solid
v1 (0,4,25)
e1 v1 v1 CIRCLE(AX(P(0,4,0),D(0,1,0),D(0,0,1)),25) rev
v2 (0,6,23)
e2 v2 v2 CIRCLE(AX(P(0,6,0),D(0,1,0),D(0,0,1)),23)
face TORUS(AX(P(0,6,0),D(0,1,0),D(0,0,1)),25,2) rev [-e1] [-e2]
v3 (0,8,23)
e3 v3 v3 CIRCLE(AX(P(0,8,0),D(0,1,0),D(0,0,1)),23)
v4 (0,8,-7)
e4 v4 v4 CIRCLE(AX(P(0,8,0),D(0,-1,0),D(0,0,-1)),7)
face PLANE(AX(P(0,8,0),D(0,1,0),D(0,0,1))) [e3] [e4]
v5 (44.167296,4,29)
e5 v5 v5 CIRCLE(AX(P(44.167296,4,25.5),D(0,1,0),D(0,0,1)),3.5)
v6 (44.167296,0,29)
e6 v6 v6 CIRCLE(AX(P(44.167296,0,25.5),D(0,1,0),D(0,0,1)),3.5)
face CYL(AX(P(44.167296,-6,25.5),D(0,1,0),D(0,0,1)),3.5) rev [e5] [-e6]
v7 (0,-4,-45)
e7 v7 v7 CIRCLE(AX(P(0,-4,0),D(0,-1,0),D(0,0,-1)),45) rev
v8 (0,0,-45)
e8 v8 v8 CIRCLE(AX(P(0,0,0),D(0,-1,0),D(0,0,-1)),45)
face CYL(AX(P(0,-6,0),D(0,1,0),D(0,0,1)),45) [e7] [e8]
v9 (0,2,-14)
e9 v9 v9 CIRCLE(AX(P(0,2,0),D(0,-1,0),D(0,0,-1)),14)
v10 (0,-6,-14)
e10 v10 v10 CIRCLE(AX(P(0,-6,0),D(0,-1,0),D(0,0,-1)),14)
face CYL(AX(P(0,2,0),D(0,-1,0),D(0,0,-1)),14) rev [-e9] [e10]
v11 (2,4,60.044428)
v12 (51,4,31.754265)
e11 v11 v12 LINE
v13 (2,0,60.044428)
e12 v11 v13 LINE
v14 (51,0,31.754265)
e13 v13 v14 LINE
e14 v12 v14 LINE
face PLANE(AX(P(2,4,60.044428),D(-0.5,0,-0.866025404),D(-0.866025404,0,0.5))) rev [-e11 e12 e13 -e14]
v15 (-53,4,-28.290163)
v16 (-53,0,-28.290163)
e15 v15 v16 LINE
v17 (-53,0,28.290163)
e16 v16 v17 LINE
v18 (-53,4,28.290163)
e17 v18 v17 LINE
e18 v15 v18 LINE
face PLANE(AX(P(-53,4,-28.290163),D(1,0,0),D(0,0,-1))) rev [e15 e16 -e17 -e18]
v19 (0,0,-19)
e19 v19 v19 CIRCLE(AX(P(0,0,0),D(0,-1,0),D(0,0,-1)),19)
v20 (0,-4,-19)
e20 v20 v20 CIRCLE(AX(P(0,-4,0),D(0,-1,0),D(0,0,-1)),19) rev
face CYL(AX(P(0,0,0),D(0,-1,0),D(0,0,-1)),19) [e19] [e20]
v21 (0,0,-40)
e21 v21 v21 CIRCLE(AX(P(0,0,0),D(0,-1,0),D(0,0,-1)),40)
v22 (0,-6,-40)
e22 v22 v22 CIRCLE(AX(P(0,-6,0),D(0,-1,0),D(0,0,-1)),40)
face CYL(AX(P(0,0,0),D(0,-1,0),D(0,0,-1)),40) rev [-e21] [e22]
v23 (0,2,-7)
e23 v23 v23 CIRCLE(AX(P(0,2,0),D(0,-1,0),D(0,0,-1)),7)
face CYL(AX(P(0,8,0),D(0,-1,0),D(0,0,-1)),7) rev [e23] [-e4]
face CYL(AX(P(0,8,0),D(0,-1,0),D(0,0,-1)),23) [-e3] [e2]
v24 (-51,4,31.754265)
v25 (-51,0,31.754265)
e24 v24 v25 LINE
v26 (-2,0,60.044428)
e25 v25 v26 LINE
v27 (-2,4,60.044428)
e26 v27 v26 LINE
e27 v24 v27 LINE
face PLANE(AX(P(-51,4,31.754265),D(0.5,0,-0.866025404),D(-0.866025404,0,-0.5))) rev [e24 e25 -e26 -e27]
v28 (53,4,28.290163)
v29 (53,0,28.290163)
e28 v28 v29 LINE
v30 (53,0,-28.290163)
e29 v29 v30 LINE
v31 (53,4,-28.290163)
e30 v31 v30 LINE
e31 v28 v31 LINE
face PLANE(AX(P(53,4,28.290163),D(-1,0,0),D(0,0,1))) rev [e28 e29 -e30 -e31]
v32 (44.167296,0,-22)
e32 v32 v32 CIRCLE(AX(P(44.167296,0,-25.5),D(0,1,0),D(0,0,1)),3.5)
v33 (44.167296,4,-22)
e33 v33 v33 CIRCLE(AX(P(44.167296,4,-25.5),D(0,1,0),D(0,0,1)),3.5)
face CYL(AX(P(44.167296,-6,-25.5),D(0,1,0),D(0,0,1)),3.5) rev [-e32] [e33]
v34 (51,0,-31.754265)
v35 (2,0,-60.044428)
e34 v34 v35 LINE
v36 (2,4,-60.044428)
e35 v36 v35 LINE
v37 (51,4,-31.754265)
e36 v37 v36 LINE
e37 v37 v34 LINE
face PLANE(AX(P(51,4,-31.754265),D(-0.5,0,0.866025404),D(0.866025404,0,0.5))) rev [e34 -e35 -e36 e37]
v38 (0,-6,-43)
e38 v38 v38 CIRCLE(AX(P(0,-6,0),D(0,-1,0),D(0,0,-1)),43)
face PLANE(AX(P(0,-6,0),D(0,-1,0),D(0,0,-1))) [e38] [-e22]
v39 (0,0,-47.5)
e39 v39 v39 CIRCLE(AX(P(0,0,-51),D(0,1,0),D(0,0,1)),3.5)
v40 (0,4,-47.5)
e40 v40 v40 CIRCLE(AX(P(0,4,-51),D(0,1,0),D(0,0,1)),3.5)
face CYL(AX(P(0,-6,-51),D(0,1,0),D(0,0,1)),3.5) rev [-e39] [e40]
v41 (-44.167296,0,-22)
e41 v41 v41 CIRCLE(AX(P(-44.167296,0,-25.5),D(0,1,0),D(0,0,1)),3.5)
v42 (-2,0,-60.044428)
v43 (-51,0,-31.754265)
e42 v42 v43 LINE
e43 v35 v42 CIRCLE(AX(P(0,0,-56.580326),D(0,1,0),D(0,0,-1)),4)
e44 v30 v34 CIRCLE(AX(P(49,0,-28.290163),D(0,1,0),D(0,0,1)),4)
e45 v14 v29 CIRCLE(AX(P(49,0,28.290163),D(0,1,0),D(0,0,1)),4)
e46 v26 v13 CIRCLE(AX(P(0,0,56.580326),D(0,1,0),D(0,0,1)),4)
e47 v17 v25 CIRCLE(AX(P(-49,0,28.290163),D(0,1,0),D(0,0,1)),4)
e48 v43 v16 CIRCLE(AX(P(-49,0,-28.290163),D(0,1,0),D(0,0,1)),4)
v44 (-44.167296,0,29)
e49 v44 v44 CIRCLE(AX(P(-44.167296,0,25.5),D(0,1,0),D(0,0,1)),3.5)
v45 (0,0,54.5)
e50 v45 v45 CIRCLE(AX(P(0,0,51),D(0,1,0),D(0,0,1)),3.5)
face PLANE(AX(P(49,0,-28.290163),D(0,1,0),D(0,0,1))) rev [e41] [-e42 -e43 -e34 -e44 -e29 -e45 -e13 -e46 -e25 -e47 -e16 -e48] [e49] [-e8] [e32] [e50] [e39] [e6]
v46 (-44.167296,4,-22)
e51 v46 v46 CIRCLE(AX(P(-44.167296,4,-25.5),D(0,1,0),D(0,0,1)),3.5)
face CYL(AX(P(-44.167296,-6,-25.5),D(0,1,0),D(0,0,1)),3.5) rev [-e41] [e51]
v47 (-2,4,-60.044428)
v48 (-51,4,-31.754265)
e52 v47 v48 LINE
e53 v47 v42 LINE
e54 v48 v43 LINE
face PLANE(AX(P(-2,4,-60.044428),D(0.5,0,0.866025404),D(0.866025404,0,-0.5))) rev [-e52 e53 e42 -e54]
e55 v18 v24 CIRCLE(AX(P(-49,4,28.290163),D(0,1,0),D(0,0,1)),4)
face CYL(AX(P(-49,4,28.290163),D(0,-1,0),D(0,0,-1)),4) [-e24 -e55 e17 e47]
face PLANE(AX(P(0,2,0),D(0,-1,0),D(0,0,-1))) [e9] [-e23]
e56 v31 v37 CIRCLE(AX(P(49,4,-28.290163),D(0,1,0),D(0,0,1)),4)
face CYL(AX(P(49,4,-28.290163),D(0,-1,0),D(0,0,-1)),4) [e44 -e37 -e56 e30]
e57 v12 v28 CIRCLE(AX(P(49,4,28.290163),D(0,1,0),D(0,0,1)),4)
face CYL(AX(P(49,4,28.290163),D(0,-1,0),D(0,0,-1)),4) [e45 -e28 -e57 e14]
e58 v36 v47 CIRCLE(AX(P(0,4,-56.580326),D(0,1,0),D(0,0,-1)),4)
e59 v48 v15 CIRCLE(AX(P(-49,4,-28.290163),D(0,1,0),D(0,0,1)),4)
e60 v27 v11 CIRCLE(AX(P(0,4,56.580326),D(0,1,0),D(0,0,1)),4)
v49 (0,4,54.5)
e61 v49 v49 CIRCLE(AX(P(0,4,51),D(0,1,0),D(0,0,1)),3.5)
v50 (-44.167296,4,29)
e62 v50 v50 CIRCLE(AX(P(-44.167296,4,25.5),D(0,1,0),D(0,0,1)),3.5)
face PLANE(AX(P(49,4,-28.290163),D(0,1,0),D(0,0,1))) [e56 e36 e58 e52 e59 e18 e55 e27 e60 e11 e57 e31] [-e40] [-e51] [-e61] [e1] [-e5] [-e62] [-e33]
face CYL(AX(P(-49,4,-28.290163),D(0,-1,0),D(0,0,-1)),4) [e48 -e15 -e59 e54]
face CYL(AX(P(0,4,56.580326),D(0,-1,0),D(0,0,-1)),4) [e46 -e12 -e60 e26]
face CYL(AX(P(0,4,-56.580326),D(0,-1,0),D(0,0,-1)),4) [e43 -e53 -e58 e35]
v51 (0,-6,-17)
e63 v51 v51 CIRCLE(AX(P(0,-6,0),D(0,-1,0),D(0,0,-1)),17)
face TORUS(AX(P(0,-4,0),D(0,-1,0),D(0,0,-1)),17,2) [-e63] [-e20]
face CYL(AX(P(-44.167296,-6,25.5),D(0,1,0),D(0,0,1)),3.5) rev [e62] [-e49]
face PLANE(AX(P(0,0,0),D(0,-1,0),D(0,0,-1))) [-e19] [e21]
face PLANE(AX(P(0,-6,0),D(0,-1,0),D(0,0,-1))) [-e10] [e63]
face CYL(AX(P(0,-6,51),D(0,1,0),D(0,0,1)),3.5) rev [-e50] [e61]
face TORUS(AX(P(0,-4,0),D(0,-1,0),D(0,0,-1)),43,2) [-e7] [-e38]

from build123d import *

# Parameters (mm, degrees)
BOSS_EXTRUDE1_DEPTH = 4
SKETCH2_R           = 23
BOSS_EXTRUDE2_DEPTH = 4
SKETCH3_R           = 45
BOSS_EXTRUDE3_DEPTH = 6
SKETCH4_R           = 40
SKETCH4_R_2         = 19
CUT_EXTRUDE1_DEPTH  = 6
SKETCH5_R           = 14
CUT_EXTRUDE2_DEPTH  = 8
SKETCH6_R           = 7
CUT_EXTRUDE3_DEPTH  = 7
FILLET1_R           = 2
SKETCH7_R           = 3.5
CUT_EXTRUDE4_DEPTH  = 11


with BuildPart() as part:
    # Sketch1 → Boss-Extrude1 (new body)
    with BuildSketch(Plane(origin=(0, 0, 0), x_dir=(1, 0, 0), z_dir=(0, 1, 0))):
        with BuildLine():
            Line((-2, 60.044427996), (-51, 31.754264805))
            ThreePointArc((-51, 31.754264805), (-52.464101615, 30.29016319), (-53, 28.29016319))
            Line((-53, 28.29016319), (-53, -28.29016319))
            ThreePointArc((-53, -28.29016319), (-52.464101615, -30.29016319), (-51, -31.754264805))
            Line((-51, -31.754264805), (-2, -60.044427996))
            ThreePointArc((-2, -60.044427996), (0, -60.580326381), (2, -60.044427996))
            Line((2, -60.044427996), (51, -31.754264805))
            ThreePointArc((51, -31.754264805), (52.464101615, -30.29016319), (53, -28.29016319))
            Line((53, -28.29016319), (53, 28.29016319))
            ThreePointArc((53, 28.29016319), (52.464101615, 30.29016319), (51, 31.754264805))
            Line((51, 31.754264805), (2, 60.044427996))
            ThreePointArc((2, 60.044427996), (0, 60.580326381), (-2, 60.044427996))
        make_face()
    extrude(amount=BOSS_EXTRUDE1_DEPTH)

    # Sketch2 → Boss-Extrude2 (add)
    with BuildSketch(Plane(origin=(0, 4, 0), x_dir=(1, 0, 0), z_dir=(0, 1, 0))):
        Circle(SKETCH2_R)
    extrude(amount=BOSS_EXTRUDE2_DEPTH)

    # Sketch3 → Boss-Extrude3 (add)
    with BuildSketch(Plane.XZ):
        Circle(SKETCH3_R)
    extrude(amount=BOSS_EXTRUDE3_DEPTH)

    # Sketch4 → Cut-Extrude1 (cut)
    with BuildSketch(Plane.XZ.offset(6)):
        Circle(SKETCH4_R)
        Circle(SKETCH4_R_2, mode=Mode.SUBTRACT)
    extrude(amount=-CUT_EXTRUDE1_DEPTH, mode=Mode.SUBTRACT)

    # Sketch5 → Cut-Extrude2 (cut)
    with BuildSketch(Plane.XZ.offset(6)):
        Circle(SKETCH5_R)
    extrude(amount=-CUT_EXTRUDE2_DEPTH, mode=Mode.SUBTRACT)

    # Sketch6 → Cut-Extrude3 (cut, through all)
    with BuildSketch(Plane.XZ.offset(-2)):
        Circle(SKETCH6_R)
    extrude(amount=-CUT_EXTRUDE3_DEPTH, mode=Mode.SUBTRACT)

    # Fillet1
    fillet1_edges = [part.edges().sort_by_distance(p)[0] for p in [
        (-23, 4, 0),
        (-45, -6, 0),
        (-19, -6, 0),
    ]]
    fillet(fillet1_edges, radius=FILLET1_R)

    # Sketch7 → Cut-Extrude4 (cut, through all)
    with BuildSketch(Plane(origin=(0, 4, 0), x_dir=(1, 0, 0), z_dir=(0, 1, 0))):
        with Locations((0, 51)):
            Circle(SKETCH7_R)
        with Locations((44.167295593, 25.5)):
            Circle(SKETCH7_R)
        with Locations((44.167295593, -25.5)):
            Circle(SKETCH7_R)
        with Locations((0, -51)):
            Circle(SKETCH7_R)
        with Locations((-44.167295593, -25.5)):
            Circle(SKETCH7_R)
        with Locations((-44.167295593, 25.5)):
            Circle(SKETCH7_R)
    extrude(amount=-CUT_EXTRUDE4_DEPTH, mode=Mode.SUBTRACT)


solid = part.part
